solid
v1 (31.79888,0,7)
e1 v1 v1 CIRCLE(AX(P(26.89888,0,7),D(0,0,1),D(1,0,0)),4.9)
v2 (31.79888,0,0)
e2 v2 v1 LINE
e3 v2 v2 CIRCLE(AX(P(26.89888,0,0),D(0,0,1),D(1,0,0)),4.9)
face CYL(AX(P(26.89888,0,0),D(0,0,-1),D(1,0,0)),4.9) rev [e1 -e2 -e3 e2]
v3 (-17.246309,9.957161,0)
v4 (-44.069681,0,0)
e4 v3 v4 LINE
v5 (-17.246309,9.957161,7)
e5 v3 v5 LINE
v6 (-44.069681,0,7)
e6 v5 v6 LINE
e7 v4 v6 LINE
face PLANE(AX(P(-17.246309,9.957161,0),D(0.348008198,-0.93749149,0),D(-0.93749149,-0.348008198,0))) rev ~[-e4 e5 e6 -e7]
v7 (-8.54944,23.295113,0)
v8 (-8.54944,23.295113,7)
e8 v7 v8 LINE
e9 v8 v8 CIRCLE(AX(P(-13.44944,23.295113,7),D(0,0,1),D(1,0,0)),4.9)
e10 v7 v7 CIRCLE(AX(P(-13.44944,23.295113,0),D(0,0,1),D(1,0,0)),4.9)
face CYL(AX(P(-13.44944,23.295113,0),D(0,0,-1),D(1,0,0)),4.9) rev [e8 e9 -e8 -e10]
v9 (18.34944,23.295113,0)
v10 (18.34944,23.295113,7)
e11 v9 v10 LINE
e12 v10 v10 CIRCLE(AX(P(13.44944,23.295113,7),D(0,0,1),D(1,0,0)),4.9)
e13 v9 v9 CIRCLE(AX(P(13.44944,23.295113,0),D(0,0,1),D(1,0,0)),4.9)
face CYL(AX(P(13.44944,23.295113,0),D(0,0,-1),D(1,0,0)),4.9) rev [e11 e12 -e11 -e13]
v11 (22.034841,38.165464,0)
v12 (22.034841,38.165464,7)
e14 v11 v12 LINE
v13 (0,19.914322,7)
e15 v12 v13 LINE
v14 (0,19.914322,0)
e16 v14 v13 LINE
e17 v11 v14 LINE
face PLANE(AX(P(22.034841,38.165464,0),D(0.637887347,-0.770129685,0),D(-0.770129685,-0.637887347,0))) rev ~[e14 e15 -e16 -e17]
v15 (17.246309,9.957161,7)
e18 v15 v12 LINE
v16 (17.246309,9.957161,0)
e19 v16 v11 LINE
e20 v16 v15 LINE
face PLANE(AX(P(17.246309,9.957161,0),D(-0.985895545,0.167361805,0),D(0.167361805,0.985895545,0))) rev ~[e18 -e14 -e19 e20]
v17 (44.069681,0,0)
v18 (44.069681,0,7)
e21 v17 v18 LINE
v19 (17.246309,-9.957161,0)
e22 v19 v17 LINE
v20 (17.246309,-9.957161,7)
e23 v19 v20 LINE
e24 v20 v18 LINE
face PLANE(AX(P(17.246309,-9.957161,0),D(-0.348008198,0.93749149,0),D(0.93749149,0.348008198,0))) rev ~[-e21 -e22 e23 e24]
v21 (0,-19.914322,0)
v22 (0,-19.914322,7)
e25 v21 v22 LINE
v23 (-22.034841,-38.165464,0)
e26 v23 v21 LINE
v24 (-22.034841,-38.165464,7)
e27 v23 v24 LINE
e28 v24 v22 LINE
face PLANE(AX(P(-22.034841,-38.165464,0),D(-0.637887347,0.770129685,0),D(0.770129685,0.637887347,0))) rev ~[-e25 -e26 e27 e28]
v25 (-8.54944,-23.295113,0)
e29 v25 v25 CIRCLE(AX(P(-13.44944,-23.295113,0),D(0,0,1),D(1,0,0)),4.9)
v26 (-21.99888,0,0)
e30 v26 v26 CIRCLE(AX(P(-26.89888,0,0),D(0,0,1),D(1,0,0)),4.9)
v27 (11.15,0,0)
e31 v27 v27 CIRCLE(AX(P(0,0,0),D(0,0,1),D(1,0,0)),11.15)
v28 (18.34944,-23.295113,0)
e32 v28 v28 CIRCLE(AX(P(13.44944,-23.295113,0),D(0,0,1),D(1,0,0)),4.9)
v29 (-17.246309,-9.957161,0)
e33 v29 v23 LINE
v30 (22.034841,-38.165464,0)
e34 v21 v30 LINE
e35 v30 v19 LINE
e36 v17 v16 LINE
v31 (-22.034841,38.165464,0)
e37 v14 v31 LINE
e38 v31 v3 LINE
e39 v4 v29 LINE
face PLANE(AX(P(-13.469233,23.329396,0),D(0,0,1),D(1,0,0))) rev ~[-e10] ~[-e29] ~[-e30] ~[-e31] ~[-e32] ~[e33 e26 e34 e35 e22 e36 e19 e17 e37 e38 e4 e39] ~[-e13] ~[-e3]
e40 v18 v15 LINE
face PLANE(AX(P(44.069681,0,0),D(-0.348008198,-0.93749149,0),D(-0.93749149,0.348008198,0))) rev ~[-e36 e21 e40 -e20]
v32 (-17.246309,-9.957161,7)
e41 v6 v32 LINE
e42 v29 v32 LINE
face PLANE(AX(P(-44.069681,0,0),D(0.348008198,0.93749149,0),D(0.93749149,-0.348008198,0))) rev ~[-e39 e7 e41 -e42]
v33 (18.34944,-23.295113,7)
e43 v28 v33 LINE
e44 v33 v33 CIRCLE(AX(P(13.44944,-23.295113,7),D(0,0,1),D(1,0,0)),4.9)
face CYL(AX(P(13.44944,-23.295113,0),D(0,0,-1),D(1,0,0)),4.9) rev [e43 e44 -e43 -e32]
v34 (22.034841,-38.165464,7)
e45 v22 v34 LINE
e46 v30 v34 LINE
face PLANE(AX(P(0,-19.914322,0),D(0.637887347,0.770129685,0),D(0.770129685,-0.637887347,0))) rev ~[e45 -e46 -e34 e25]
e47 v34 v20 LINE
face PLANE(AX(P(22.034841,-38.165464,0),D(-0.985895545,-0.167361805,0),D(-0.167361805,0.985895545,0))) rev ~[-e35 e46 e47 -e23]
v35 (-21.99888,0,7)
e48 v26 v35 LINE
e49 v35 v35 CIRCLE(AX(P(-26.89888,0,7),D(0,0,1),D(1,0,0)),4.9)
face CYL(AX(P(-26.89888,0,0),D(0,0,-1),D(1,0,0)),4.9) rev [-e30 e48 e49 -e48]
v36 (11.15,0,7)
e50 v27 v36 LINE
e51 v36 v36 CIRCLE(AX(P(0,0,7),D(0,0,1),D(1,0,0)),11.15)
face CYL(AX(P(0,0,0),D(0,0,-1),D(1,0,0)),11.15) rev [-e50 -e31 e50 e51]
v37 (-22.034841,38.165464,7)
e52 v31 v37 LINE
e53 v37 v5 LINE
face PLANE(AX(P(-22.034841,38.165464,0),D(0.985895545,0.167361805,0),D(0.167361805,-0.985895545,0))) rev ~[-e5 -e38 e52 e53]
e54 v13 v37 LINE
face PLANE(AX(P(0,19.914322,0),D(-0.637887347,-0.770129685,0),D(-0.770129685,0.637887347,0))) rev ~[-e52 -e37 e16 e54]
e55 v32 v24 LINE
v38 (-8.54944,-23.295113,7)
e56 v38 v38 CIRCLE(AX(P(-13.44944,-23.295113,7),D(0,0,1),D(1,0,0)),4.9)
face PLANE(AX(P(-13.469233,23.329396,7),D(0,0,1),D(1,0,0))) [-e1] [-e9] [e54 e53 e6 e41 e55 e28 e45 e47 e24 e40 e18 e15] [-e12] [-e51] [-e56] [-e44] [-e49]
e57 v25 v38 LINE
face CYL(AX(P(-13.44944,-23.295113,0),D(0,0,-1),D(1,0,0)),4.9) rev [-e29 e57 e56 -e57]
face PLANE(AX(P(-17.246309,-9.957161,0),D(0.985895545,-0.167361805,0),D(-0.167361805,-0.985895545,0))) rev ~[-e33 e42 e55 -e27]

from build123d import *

# Parameters (mm, degrees)
F0_R     = 4.9
F0_R_2   = 11.15
F1_DEPTH = 7


with BuildPart() as f1:
    # F0 (on Top) → F1 (new body)
    with BuildSketch(Plane.XY):
        Polygon((-7.7780097821, 13.4719081244), (0, 19.9143218109), (-22.0348406583, 38.1654635569), (-17.2463085873, 9.9571609054), align=None)
        with Locations((-13.4494397789, 23.2951130304)):
            Circle(F0_R, mode=Mode.SUBTRACT)
        with BuildLine():
            ThreePointArc((-6.4179147594, 13.9767918736), (0, 15.3798680403), (6.4179147594, 13.9767918736))
            Line((6.4179147594, 13.9767918736), (7.7780097821, 13.4719081244))
            Line((7.7780097821, 13.4719081244), (0, 19.9143218109))
            Line((0, 19.9143218109), (-7.7780097821, 13.4719081244))
            Line((-7.7780097821, 13.4719081244), (-6.4179147594, 13.9767918736))
        make_face()
        Polygon((0, 19.9143218109), (7.7780097821, 13.4719081244), (17.2463085873, 9.9571609054), (22.0348406583, 38.1654635569), align=None)
        with Locations((13.4494397789, 23.2951130304)):
            Circle(F0_R, mode=Mode.SUBTRACT)
        with BuildLine():
            ThreePointArc((8.8952994462, 12.5464731577), (13.3193564297, 7.6899340201), (15.3132142056, 1.4303187159))
            Line((15.3132142056, 1.4303187159), (15.5560195643, 0))
            Line((15.5560195643, 0), (17.2463085873, 9.9571609054))
            Line((17.2463085873, 9.9571609054), (7.7780097821, 13.4719081244))
            Line((7.7780097821, 13.4719081244), (8.8952994462, 12.5464731577))
        make_face()
        Polygon((17.2463085873, 9.9571609054), (15.5560195643, 0), (17.2463085873, -9.9571609054), (44.0696813166, 0), align=None)
        with Locations((26.8988795578, 0)):
            Circle(F0_R, mode=Mode.SUBTRACT)
        with BuildLine():
            ThreePointArc((15.3132142056, -1.4303187159), (15.3631955447, -0.7159354654), (15.3798680403, 0))
            ThreePointArc((15.3798680403, 0), (15.3631955447, 0.7159354654), (15.3132142056, 1.4303187159))
            ThreePointArc((15.3132142056, 1.4303187159), (13.3193564297, 7.6899340201), (8.8952994462, 12.5464731577))
            ThreePointArc((8.8952994462, 12.5464731577), (7.6899340201, 13.3193564297), (6.4179147594, 13.9767918736))
            ThreePointArc((6.4179147594, 13.9767918736), (0, 15.3798680403), (-6.4179147594, 13.9767918736))
            ThreePointArc((-6.4179147594, 13.9767918736), (-7.6899340201, 13.3193564297), (-8.8952994462, 12.5464731577))
            ThreePointArc((-8.8952994462, 12.5464731577), (-13.3193564297, 7.6899340201), (-15.3132142056, 1.4303187159))
            ThreePointArc((-15.3132142056, 1.4303187159), (-15.3798680403, 0), (-15.3132142056, -1.4303187159))
            ThreePointArc((-15.3132142056, -1.4303187159), (-13.3193564297, -7.6899340201), (-8.8952994462, -12.5464731577))
            ThreePointArc((-8.8952994462, -12.5464731577), (-7.6899340201, -13.3193564297), (-6.4179147594, -13.9767918736))
            ThreePointArc((-6.4179147594, -13.9767918736), (0, -15.3798680403), (6.4179147594, -13.9767918736))
            ThreePointArc((6.4179147594, -13.9767918736), (7.6899340201, -13.3193564297), (8.8952994462, -12.5464731577))
            ThreePointArc((8.8952994462, -12.5464731577), (13.3193564297, -7.6899340201), (15.3132142056, -1.4303187159))
        make_face()
        Circle(F0_R_2, mode=Mode.SUBTRACT)
        with BuildLine():
            Line((15.5560195643, 0), (15.3132142056, -1.4303187159))
            ThreePointArc((15.3132142056, -1.4303187159), (13.3193564297, -7.6899340201), (8.8952994462, -12.5464731577))
            Line((8.8952994462, -12.5464731577), (7.7780097821, -13.4719081244))
            Line((7.7780097821, -13.4719081244), (17.2463085873, -9.9571609054))
            Line((17.2463085873, -9.9571609054), (15.5560195643, 0))
        make_face()
        Polygon((22.0348406583, -38.1654635569), (17.2463085873, -9.9571609054), (7.7780097821, -13.4719081244), (0, -19.9143218109), align=None)
        with Locations((13.4494397789, -23.2951130304)):
            Circle(F0_R, mode=Mode.SUBTRACT)
        with BuildLine():
            Line((7.7780097821, -13.4719081244), (6.4179147594, -13.9767918736))
            ThreePointArc((6.4179147594, -13.9767918736), (0, -15.3798680403), (-6.4179147594, -13.9767918736))
            Line((-6.4179147594, -13.9767918736), (-7.7780097821, -13.4719081244))
            Line((-7.7780097821, -13.4719081244), (0, -19.9143218109))
            Line((0, -19.9143218109), (7.7780097821, -13.4719081244))
        make_face()
        Polygon((-22.0348406583, -38.1654635569), (0, -19.9143218109), (-7.7780097821, -13.4719081244), (-17.2463085873, -9.9571609054), align=None)
        with Locations((-13.4494397789, -23.2951130304)):
            Circle(F0_R, mode=Mode.SUBTRACT)
        with BuildLine():
            Line((-7.7780097821, -13.4719081244), (-8.8952994462, -12.5464731577))
            ThreePointArc((-8.8952994462, -12.5464731577), (-13.3193564297, -7.6899340201), (-15.3132142056, -1.4303187159))
            Line((-15.3132142056, -1.4303187159), (-15.5560195643, 0))
            Line((-15.5560195643, 0), (-17.2463085873, -9.9571609054))
            Line((-17.2463085873, -9.9571609054), (-7.7780097821, -13.4719081244))
        make_face()
        Polygon((-15.5560195643, 0), (-17.2463085873, 9.9571609054), (-44.0696813166, 0), (-17.2463085873, -9.9571609054), align=None)
        with Locations((-26.8988795578, 0)):
            Circle(F0_R, mode=Mode.SUBTRACT)
        with BuildLine():
            ThreePointArc((-15.3132142056, 1.4303187159), (-13.3193564297, 7.6899340201), (-8.8952994462, 12.5464731577))
            Line((-8.8952994462, 12.5464731577), (-7.7780097821, 13.4719081244))
            Line((-7.7780097821, 13.4719081244), (-17.2463085873, 9.9571609054))
            Line((-17.2463085873, 9.9571609054), (-15.5560195643, 0))
            Line((-15.5560195643, 0), (-15.3132142056, 1.4303187159))
        make_face()
        with BuildLine():
            ThreePointArc((6.4179147594, 13.9767918736), (7.6899340201, 13.3193564297), (8.8952994462, 12.5464731577))
            Line((8.8952994462, 12.5464731577), (7.7780097821, 13.4719081244))
            Line((7.7780097821, 13.4719081244), (6.4179147594, 13.9767918736))
        make_face()
        with BuildLine():
            ThreePointArc((-8.8952994462, 12.5464731577), (-7.6899340201, 13.3193564297), (-6.4179147594, 13.9767918736))
            Line((-6.4179147594, 13.9767918736), (-7.7780097821, 13.4719081244))
            Line((-7.7780097821, 13.4719081244), (-8.8952994462, 12.5464731577))
        make_face()
        with BuildLine():
            ThreePointArc((-15.3132142056, -1.4303187159), (-15.3798680403, 0), (-15.3132142056, 1.4303187159))
            Line((-15.3132142056, 1.4303187159), (-15.5560195643, 0))
            Line((-15.5560195643, 0), (-15.3132142056, -1.4303187159))
        make_face()
        with BuildLine():
            Line((-7.7780097821, -13.4719081244), (-6.4179147594, -13.9767918736))
            ThreePointArc((-6.4179147594, -13.9767918736), (-7.6899340201, -13.3193564297), (-8.8952994462, -12.5464731577))
            Line((-8.8952994462, -12.5464731577), (-7.7780097821, -13.4719081244))
        make_face()
        with BuildLine():
            Line((7.7780097821, -13.4719081244), (8.8952994462, -12.5464731577))
            ThreePointArc((8.8952994462, -12.5464731577), (7.6899340201, -13.3193564297), (6.4179147594, -13.9767918736))
            Line((6.4179147594, -13.9767918736), (7.7780097821, -13.4719081244))
        make_face()
        with BuildLine():
            ThreePointArc((15.3132142056, 1.4303187159), (15.3631955447, 0.7159354654), (15.3798680403, 0))
            ThreePointArc((15.3798680403, 0), (15.3631955447, -0.7159354654), (15.3132142056, -1.4303187159))
            Line((15.3132142056, -1.4303187159), (15.5560195643, 0))
            Line((15.5560195643, 0), (15.3132142056, 1.4303187159))
        make_face()
    extrude(amount=F1_DEPTH)


solid = f1.part
